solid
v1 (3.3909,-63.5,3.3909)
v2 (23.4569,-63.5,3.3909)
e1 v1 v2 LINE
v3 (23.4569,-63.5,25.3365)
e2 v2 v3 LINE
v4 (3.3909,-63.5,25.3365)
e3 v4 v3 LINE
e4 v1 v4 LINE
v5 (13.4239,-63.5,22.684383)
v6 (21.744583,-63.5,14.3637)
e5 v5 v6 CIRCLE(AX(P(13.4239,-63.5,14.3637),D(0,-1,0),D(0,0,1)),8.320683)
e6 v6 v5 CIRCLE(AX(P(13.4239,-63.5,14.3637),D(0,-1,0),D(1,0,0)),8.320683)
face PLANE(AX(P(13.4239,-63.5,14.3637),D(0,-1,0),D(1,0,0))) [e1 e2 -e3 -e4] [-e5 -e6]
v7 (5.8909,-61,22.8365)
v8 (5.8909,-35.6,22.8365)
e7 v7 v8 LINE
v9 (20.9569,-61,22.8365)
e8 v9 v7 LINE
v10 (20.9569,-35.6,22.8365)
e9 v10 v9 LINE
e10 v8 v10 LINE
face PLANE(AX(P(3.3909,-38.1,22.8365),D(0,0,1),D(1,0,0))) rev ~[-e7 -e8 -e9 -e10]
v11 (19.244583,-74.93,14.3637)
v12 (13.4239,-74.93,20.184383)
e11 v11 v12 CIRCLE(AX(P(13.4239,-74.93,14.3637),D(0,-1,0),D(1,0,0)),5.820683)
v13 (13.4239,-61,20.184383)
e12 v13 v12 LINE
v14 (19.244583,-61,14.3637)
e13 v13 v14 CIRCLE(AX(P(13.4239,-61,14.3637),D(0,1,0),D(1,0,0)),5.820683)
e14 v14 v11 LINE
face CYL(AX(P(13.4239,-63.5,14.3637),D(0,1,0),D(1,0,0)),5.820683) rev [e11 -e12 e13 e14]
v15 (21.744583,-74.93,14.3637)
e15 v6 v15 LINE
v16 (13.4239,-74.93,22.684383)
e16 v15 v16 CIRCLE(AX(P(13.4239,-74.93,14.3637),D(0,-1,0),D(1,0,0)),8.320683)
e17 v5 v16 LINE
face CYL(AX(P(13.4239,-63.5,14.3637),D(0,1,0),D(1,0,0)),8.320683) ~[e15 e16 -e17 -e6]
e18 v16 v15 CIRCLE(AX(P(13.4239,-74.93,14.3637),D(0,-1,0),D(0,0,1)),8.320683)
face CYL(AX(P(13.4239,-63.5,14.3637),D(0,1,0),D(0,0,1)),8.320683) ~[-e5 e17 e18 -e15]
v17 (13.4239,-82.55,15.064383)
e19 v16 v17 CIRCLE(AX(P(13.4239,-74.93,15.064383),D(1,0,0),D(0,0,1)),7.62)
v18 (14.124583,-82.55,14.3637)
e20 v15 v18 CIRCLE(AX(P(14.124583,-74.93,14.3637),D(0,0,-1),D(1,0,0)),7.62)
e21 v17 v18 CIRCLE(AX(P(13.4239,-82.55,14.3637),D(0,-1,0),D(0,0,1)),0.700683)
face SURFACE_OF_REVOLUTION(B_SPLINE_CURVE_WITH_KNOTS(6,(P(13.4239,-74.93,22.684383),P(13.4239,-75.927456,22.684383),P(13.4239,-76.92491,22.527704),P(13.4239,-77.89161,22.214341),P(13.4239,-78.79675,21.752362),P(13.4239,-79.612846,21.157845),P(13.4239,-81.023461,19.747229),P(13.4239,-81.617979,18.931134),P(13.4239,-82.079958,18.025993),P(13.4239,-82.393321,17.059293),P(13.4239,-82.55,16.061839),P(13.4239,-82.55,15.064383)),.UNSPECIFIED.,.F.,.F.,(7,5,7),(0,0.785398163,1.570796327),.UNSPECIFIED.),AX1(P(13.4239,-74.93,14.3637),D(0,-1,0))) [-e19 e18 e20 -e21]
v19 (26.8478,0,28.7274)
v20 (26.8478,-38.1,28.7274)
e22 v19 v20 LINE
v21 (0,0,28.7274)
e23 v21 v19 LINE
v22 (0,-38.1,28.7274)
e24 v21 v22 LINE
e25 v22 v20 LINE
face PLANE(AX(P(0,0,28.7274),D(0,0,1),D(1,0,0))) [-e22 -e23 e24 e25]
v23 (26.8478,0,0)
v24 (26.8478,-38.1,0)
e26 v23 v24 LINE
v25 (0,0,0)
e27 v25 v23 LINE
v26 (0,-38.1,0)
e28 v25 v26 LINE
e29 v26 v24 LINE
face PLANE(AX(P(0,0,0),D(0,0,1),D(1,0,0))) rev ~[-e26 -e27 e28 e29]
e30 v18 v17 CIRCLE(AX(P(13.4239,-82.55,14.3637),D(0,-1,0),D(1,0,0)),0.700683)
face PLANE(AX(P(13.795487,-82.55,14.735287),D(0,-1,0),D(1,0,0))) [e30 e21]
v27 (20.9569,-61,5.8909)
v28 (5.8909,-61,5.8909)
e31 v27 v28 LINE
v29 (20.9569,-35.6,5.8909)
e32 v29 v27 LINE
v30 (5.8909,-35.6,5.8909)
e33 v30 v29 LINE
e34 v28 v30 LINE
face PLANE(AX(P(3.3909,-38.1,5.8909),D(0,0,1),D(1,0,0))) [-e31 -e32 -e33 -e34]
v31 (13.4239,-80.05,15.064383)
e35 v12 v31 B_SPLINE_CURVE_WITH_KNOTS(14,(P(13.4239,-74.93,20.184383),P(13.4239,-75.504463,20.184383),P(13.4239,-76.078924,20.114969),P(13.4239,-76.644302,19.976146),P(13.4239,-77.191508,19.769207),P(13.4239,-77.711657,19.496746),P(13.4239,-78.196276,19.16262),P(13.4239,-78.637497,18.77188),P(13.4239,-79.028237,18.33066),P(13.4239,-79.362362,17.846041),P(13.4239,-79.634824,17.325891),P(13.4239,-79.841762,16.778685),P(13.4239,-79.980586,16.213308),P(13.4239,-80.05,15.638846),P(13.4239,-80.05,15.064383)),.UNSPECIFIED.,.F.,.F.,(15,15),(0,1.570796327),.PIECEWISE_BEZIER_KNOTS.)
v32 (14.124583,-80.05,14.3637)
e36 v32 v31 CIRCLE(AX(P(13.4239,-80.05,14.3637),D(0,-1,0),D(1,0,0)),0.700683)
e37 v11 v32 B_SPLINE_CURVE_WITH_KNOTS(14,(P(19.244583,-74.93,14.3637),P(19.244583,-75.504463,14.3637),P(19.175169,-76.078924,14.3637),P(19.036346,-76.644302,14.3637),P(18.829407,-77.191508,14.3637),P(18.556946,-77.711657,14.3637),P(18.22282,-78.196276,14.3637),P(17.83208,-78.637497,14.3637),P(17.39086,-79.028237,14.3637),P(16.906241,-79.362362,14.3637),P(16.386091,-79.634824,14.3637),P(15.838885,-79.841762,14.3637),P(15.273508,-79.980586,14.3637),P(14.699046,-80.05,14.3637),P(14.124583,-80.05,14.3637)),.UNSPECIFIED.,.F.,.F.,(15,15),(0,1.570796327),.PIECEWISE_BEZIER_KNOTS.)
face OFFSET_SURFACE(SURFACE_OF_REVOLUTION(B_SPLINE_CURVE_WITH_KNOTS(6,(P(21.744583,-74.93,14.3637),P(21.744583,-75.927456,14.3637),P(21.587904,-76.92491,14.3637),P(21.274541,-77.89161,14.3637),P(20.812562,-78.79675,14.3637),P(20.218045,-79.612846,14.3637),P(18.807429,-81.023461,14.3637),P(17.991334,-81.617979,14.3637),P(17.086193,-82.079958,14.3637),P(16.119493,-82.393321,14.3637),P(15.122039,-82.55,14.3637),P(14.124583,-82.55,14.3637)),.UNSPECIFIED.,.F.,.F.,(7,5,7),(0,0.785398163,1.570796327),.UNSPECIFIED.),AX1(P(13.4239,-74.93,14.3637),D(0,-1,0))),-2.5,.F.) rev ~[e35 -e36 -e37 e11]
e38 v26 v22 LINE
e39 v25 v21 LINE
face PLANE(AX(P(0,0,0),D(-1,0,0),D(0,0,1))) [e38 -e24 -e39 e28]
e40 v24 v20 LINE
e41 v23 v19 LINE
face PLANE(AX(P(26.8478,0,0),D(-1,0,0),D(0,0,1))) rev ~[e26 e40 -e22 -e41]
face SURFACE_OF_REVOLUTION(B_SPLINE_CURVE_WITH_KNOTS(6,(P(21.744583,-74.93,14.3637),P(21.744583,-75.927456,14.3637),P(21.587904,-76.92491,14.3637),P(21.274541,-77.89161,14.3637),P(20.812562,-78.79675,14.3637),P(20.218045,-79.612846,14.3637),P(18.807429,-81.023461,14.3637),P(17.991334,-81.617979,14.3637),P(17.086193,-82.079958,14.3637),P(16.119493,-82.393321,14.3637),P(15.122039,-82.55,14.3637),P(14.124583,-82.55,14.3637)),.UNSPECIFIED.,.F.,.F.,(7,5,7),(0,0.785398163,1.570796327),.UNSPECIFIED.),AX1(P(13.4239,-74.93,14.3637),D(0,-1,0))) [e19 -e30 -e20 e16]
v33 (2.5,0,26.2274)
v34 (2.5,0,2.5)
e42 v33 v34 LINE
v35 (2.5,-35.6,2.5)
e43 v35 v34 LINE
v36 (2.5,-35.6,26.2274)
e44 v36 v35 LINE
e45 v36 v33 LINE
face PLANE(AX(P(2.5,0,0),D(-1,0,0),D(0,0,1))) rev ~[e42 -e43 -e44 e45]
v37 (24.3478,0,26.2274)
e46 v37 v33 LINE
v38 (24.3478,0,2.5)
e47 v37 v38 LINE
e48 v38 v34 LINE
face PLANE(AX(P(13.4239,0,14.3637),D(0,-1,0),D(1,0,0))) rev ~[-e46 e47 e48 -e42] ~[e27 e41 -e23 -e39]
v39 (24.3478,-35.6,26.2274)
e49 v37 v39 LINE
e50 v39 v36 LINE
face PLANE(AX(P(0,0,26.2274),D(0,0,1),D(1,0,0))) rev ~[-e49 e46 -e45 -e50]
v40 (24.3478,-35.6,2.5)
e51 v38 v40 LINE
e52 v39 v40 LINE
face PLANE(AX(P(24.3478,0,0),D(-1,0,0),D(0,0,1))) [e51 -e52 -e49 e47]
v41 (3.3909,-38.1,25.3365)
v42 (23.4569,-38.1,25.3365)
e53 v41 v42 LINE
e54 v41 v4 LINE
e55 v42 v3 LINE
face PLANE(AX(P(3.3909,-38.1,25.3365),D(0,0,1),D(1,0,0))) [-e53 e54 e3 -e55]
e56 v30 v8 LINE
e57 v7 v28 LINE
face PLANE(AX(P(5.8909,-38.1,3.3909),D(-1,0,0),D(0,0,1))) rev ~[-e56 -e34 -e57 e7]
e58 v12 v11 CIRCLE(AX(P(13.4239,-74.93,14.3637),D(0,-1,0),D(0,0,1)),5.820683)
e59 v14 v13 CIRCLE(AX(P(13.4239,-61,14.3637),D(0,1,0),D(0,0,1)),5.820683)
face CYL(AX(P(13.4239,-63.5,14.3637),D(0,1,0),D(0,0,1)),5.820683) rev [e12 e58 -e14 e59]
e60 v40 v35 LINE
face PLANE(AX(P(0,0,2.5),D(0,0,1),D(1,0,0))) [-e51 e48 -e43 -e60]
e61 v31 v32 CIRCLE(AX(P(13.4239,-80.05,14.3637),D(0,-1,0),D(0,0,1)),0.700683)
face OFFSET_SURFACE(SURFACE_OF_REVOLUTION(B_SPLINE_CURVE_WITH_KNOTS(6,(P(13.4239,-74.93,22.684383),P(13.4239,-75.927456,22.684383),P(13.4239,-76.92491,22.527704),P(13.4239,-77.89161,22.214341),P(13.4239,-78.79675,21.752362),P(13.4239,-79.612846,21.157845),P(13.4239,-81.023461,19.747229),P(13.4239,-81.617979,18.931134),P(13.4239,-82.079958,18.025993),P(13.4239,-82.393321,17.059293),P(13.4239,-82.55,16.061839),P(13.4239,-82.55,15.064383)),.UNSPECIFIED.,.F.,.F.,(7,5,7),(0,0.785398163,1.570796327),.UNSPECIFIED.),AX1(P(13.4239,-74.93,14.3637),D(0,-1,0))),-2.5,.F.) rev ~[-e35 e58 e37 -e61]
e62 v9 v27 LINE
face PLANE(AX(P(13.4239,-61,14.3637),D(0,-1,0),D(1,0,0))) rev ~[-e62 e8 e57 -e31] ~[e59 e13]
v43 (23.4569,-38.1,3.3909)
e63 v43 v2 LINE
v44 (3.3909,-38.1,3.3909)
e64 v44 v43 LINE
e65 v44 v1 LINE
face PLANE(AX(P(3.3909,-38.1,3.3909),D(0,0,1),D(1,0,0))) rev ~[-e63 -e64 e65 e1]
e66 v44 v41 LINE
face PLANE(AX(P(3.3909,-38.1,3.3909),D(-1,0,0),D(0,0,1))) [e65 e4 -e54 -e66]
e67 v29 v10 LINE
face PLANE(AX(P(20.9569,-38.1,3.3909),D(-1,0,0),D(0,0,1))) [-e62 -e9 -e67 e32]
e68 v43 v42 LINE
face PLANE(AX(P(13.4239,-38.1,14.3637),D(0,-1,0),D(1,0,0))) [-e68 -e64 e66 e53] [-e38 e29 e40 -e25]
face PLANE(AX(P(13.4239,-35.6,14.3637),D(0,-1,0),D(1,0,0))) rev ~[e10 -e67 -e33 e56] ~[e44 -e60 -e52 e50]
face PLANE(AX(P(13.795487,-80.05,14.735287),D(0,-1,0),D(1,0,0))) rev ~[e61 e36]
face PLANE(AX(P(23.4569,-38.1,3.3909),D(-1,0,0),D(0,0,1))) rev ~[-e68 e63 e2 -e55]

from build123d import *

# Parameters (mm, degrees)
F0_W     = 26.8478
F0_H     = 28.7274
F1_DEPTH = 38.1
F2_W     = 20.0660005145
F2_H     = 21.9456005145
F3_DEPTH = 25.4
F5_DEPTH = 19.05
F6_R     = 7.62
F7_T     = -2.5


with BuildPart() as f1:
    # F0 (on Front) → F1 (new body)
    with BuildSketch(Plane.XZ):
        with Locations((13.4239, 14.3637)):
            Rectangle(F0_W, F0_H)
    extrude(amount=F1_DEPTH)

    # F2 (on face) → F3 (join)
    with BuildSketch(Plane.XZ.offset(38.1)):
        with Locations((13.4239, 14.3637)):
            Rectangle(F2_W, F2_H)
    extrude(amount=F3_DEPTH)

    # F4 (on face) → F5 (join)
    with BuildSketch(Plane.XZ.offset(63.5)):
        with BuildLine():
            ThreePointArc((21.7445834799, 14.3637), (19.3075117128, 20.2473117128), (13.4239, 22.6843834799))
            ThreePointArc((13.4239, 22.6843834799), (7.5402882872, 8.4800882872), (21.7445834799, 14.3637))
        make_face()
    extrude(amount=F5_DEPTH)

    # F6
    f6_edges = [f1.edges().sort_by_distance(p)[0] for p in [
        (5.103217, -82.55, 14.3637),
    ]]
    fillet(f6_edges, radius=F6_R)

    # F7
    f7_openings = [f1.faces().sort_by_distance(p)[0] for p in [
        (13.4239, 0, 14.3637),
    ]]
    offset(amount=F7_T, openings=f7_openings, kind=Kind.INTERSECTION)


solid = f1.part
